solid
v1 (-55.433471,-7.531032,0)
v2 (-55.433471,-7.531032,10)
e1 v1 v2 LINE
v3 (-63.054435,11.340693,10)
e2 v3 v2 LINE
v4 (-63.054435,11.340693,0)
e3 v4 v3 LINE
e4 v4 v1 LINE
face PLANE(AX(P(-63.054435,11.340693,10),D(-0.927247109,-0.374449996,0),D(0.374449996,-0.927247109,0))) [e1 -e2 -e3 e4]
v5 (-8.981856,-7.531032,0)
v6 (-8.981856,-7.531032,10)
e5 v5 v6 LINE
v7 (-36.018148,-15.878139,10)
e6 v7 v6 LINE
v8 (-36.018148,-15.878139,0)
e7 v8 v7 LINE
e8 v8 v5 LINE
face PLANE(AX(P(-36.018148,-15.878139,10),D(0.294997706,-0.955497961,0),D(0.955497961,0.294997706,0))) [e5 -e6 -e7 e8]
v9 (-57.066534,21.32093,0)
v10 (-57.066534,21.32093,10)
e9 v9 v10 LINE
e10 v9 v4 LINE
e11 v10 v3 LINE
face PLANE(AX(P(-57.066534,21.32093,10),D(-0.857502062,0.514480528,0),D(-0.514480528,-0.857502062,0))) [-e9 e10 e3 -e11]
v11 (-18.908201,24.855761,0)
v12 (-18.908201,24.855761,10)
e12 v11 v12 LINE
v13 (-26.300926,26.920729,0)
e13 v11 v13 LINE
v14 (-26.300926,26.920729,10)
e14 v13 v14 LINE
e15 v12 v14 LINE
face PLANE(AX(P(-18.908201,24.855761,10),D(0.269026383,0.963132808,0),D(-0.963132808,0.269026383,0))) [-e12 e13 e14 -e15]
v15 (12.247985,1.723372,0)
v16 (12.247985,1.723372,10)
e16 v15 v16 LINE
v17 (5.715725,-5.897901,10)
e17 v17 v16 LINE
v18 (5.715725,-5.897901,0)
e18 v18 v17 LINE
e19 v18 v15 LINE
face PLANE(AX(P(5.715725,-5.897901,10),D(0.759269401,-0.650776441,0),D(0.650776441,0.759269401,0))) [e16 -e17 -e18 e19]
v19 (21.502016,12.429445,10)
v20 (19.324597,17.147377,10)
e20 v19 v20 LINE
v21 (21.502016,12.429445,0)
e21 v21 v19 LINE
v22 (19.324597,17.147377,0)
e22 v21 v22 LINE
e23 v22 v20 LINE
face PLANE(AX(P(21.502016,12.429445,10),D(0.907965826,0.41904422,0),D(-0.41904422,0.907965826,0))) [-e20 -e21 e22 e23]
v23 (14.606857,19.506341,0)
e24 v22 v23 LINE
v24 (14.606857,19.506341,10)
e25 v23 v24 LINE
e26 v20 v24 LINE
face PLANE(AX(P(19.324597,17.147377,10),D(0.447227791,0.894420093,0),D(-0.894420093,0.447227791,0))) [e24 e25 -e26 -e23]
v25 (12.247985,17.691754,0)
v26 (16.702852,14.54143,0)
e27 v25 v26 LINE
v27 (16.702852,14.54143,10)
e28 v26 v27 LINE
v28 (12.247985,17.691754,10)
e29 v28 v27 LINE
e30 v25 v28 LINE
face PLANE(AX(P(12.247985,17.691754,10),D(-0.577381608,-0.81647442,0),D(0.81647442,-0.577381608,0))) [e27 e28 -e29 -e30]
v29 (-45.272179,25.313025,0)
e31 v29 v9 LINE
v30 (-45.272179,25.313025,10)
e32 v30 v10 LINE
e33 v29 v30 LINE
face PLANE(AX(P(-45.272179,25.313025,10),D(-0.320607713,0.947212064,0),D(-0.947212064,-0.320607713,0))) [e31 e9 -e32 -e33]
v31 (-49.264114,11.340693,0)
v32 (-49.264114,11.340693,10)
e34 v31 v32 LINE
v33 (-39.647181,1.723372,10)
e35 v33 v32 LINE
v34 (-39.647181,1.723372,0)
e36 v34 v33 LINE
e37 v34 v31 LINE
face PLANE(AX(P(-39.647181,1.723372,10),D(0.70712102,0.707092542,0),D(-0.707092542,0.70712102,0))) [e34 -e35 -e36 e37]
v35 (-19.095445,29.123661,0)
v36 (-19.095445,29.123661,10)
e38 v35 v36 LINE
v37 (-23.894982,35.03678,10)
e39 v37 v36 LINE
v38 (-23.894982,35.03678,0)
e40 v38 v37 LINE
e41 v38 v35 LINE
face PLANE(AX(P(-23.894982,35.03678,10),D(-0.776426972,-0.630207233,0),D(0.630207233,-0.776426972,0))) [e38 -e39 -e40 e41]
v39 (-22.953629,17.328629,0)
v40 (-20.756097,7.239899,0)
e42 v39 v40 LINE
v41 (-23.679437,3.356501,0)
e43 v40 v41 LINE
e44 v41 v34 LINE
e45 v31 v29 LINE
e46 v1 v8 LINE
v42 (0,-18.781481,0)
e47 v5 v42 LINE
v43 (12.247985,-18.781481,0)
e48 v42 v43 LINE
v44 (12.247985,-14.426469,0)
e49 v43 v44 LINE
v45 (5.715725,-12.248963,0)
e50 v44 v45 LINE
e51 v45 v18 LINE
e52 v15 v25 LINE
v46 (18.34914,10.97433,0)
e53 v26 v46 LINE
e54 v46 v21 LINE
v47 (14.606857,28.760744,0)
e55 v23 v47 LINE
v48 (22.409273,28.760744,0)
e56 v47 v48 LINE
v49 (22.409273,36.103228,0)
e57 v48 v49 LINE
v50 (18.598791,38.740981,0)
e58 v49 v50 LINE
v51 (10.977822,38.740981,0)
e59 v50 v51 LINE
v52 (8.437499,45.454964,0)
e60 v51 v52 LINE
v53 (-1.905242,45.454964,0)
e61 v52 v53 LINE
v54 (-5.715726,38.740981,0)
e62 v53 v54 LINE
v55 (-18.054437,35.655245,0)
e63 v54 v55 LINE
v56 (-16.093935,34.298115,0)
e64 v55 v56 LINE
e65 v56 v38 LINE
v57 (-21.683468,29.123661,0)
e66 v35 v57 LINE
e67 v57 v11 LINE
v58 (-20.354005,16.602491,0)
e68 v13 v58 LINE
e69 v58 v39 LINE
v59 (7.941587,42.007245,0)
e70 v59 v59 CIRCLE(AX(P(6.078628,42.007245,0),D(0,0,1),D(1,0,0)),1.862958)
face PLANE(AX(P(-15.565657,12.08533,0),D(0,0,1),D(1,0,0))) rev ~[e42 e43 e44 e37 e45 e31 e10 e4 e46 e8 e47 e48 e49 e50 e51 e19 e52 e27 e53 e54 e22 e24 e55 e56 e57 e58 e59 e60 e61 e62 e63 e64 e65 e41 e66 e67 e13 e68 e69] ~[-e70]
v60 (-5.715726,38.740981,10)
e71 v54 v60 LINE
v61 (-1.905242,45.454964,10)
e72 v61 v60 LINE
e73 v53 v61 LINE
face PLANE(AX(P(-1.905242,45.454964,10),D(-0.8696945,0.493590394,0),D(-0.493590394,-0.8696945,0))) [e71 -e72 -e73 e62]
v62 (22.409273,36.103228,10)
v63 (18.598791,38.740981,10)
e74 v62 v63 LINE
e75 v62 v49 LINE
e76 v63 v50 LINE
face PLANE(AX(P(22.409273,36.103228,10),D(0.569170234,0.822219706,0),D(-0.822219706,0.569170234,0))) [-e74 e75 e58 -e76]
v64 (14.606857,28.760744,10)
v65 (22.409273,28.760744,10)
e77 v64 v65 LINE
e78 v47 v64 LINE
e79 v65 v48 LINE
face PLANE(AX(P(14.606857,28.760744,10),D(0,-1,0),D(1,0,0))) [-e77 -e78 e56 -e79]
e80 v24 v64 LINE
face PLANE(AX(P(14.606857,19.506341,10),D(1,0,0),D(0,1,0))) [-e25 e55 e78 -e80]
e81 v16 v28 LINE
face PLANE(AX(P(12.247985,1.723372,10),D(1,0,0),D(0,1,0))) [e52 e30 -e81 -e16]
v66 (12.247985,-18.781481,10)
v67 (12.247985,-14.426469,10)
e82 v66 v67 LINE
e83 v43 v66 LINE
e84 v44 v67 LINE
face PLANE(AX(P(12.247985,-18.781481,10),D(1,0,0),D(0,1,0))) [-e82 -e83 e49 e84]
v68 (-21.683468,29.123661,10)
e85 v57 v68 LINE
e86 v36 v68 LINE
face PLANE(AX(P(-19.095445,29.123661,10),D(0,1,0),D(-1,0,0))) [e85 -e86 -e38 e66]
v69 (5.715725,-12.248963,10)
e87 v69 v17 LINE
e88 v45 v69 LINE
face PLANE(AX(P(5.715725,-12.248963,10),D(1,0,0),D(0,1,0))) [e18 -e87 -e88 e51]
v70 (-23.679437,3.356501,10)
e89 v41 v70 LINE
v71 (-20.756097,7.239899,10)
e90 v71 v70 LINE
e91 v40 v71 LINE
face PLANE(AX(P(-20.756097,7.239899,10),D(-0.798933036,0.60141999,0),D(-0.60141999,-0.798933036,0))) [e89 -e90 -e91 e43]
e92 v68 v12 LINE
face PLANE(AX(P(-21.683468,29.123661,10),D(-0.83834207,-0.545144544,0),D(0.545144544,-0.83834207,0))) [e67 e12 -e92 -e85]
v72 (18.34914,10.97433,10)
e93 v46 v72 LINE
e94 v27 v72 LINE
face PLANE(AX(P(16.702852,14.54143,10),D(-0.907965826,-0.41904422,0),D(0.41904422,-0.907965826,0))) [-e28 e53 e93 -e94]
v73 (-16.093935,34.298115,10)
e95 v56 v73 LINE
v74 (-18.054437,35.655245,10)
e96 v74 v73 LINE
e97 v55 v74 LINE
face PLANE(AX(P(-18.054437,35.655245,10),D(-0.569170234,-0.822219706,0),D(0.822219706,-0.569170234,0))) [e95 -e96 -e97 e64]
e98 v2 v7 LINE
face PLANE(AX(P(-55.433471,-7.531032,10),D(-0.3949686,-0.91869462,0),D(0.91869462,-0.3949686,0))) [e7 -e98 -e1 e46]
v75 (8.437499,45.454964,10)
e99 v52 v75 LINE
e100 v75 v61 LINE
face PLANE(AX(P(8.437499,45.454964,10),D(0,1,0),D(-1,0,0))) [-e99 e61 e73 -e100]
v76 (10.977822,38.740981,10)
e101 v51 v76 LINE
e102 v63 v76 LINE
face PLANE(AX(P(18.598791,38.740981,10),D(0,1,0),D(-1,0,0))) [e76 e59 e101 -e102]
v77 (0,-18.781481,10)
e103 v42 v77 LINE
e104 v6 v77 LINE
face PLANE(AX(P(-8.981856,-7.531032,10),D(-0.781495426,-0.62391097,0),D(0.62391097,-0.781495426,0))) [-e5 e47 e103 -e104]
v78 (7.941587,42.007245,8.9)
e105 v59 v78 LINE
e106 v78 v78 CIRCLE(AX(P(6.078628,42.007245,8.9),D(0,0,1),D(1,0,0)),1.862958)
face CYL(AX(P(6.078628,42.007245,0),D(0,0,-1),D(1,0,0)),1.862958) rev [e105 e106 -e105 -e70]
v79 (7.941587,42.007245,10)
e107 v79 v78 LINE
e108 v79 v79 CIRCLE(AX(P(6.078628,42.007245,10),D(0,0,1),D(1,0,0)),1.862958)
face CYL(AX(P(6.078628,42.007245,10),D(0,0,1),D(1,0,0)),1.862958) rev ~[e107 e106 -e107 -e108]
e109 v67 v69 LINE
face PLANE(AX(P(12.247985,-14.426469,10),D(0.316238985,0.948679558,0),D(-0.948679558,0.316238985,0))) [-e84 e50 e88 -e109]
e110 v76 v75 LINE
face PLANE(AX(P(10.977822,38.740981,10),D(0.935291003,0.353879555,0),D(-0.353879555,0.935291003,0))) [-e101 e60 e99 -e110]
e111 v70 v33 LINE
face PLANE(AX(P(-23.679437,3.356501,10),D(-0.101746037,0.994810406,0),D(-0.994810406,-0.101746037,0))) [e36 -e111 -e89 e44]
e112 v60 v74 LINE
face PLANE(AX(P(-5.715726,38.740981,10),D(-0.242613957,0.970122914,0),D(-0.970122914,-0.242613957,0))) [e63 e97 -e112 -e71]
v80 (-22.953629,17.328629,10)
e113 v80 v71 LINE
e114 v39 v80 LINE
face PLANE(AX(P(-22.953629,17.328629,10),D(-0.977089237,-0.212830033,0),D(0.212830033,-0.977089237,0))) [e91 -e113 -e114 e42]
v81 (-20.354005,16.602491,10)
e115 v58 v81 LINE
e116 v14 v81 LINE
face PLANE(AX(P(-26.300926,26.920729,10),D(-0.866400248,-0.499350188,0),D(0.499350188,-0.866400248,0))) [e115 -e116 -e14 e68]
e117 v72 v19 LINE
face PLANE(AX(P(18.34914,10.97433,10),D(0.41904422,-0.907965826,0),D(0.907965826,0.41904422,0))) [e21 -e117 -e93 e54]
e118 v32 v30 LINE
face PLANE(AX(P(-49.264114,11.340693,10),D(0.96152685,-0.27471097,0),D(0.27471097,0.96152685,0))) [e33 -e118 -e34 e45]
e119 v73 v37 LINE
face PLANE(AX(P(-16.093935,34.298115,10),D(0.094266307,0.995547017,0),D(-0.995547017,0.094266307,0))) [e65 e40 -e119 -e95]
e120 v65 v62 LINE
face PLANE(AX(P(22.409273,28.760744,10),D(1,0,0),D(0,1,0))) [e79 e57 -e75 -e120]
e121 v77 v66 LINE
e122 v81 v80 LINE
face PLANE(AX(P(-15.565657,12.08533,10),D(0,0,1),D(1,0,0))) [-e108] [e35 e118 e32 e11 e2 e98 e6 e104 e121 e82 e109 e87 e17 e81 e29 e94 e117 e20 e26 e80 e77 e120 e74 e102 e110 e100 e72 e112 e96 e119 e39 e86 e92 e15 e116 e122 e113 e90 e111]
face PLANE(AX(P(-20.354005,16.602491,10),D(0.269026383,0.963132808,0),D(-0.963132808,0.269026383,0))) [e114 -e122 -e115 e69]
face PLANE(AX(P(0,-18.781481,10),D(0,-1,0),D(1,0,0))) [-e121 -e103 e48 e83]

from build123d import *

# Parameters (mm, degrees)
F0_R     = 1.8629584398
F1_DEPTH = 9
F2_DEPTH = 10
F3_DEPTH = 1.1


with BuildPart() as f1:
    # F0 (on Top) → F1 (new body)
    with BuildSketch(Plane.XY):
        Polygon((18.5987912118, 38.7409813702), (10.9778223559, 38.7409813702), (8.437499404, 45.4549640417), (-1.9052419811, 45.4549640417), (-5.7157264091, 38.7409813702), (-8.618952008, 29.1236611083), (-11.5221776068, 19.5063408464), (-13.6186698187, 16.7213371643), (-14.8627730185, 15.0686565711), (-20.7560974635, 7.2398985219), (-23.6794371158, 3.3565014601), (-39.6471805871, 1.7233715625), (-49.2641143501, 11.3406926394), (-45.2721789479, 25.3130253404), (-57.0665337145, 21.3209297508), (-63.0544349551, 11.3406926394), (-55.4334707558, -7.5310315005), (-36.0181480646, -15.8781390637), (-8.9818555862, -7.5310315005), (-8.9818555862, -1.3614293421), (-4.0826620534, 6.2598437071), (5.7157254778, 6.2598437071), (5.7157254778, -5.8979014866), (12.2479852289, 1.7233715625), (12.2479852289, 17.6917538047), (16.7028524828, 14.5414304721), (18.3491399307, 10.9743302194), (21.5020161122, 12.4294450507), (19.3245969713, 17.1473771334), (14.606856741, 19.5063408464), (14.606856741, 28.7607442588), (22.4092733115, 28.7607442588), (22.4092733115, 36.1032277718), align=None)
        with Locations((6.0786283575, 42.0072451234)):
            Circle(F0_R, mode=Mode.SUBTRACT)
    extrude(amount=F1_DEPTH)

    # F0 (on Top) → F2 (join)
    with BuildSketch(Plane.XY):
        Polygon((18.5987912118, 38.7409813702), (10.9778223559, 38.7409813702), (8.437499404, 45.4549640417), (-1.9052419811, 45.4549640417), (-5.7157264091, 38.7409813702), (-8.618952008, 29.1236611083), (-11.5221776068, 19.5063408464), (-13.6186698187, 16.7213371643), (-14.8627730185, 15.0686565711), (-20.7560974635, 7.2398985219), (-23.6794371158, 3.3565014601), (-39.6471805871, 1.7233715625), (-49.2641143501, 11.3406926394), (-45.2721789479, 25.3130253404), (-57.0665337145, 21.3209297508), (-63.0544349551, 11.3406926394), (-55.4334707558, -7.5310315005), (-36.0181480646, -15.8781390637), (-8.9818555862, -7.5310315005), (-8.9818555862, -1.3614293421), (-4.0826620534, 6.2598437071), (5.7157254778, 6.2598437071), (5.7157254778, -5.8979014866), (12.2479852289, 1.7233715625), (12.2479852289, 17.6917538047), (16.7028524828, 14.5414304721), (18.3491399307, 10.9743302194), (21.5020161122, 12.4294450507), (19.3245969713, 17.1473771334), (14.606856741, 19.5063408464), (14.606856741, 28.7607442588), (22.4092733115, 28.7607442588), (22.4092733115, 36.1032277718), align=None)
        with Locations((6.0786283575, 42.0072451234)):
            Circle(F0_R, mode=Mode.SUBTRACT)
        Polygon((-8.618952008, 29.1236611083), (-5.7157264091, 38.7409813702), (-18.0544368923, 35.6552451849), (-16.0939348651, 34.2981147375), align=None)
        Polygon((-19.0954450518, 29.1236611083), (-8.618952008, 29.1236611083), (-16.0939348651, 34.2981147375), align=None)
        Polygon((-11.5221776068, 19.5063408464), (-8.618952008, 29.1236611083), (-19.0954450518, 29.1236611083), (-21.6834675521, 29.1236611083), (-18.9082012561, 24.8557609363), (-13.6186698187, 16.7213371643), align=None)
        Polygon((-19.0954450518, 29.1236611083), (-16.0939348651, 34.2981147375), (-23.8949824125, 35.0367799401), align=None)
        Polygon((-14.8627730185, 15.0686565711), (-13.6186698187, 16.7213371643), (-18.9082012561, 24.8557609363), (-20.3540053018, 16.6024911018), align=None)
        Polygon((-20.7560974635, 7.2398985219), (-14.8627730185, 15.0686565711), (-20.3540053018, 16.6024911018), (-22.9536294937, 17.3286292702), align=None)
        Polygon((-20.3540053018, 16.6024911018), (-18.9082012561, 24.8557609363), (-26.3009262924, 26.9207285705), align=None)
        Polygon((5.7157254778, -12.2489631176), (5.7157254778, -5.8979014866), (5.7157254778, 6.2598437071), (-4.0826620534, 6.2598437071), (-8.9818555862, -1.3614293421), (-8.9818555862, -7.5310315005), (0, -18.7814813107), (12.2479852289, -18.7814813107), (12.2479852289, -14.4264688715), align=None)
    extrude(amount=F2_DEPTH)

    # F3 (add): a face of the model
    f3_faces = [f1.faces().sort_by_distance(p)[0] for p in [
        (-14.7622843494, 10.8873438604, 10),
    ]]
    extrude(f3_faces, amount=-F3_DEPTH)


solid = f1.part
